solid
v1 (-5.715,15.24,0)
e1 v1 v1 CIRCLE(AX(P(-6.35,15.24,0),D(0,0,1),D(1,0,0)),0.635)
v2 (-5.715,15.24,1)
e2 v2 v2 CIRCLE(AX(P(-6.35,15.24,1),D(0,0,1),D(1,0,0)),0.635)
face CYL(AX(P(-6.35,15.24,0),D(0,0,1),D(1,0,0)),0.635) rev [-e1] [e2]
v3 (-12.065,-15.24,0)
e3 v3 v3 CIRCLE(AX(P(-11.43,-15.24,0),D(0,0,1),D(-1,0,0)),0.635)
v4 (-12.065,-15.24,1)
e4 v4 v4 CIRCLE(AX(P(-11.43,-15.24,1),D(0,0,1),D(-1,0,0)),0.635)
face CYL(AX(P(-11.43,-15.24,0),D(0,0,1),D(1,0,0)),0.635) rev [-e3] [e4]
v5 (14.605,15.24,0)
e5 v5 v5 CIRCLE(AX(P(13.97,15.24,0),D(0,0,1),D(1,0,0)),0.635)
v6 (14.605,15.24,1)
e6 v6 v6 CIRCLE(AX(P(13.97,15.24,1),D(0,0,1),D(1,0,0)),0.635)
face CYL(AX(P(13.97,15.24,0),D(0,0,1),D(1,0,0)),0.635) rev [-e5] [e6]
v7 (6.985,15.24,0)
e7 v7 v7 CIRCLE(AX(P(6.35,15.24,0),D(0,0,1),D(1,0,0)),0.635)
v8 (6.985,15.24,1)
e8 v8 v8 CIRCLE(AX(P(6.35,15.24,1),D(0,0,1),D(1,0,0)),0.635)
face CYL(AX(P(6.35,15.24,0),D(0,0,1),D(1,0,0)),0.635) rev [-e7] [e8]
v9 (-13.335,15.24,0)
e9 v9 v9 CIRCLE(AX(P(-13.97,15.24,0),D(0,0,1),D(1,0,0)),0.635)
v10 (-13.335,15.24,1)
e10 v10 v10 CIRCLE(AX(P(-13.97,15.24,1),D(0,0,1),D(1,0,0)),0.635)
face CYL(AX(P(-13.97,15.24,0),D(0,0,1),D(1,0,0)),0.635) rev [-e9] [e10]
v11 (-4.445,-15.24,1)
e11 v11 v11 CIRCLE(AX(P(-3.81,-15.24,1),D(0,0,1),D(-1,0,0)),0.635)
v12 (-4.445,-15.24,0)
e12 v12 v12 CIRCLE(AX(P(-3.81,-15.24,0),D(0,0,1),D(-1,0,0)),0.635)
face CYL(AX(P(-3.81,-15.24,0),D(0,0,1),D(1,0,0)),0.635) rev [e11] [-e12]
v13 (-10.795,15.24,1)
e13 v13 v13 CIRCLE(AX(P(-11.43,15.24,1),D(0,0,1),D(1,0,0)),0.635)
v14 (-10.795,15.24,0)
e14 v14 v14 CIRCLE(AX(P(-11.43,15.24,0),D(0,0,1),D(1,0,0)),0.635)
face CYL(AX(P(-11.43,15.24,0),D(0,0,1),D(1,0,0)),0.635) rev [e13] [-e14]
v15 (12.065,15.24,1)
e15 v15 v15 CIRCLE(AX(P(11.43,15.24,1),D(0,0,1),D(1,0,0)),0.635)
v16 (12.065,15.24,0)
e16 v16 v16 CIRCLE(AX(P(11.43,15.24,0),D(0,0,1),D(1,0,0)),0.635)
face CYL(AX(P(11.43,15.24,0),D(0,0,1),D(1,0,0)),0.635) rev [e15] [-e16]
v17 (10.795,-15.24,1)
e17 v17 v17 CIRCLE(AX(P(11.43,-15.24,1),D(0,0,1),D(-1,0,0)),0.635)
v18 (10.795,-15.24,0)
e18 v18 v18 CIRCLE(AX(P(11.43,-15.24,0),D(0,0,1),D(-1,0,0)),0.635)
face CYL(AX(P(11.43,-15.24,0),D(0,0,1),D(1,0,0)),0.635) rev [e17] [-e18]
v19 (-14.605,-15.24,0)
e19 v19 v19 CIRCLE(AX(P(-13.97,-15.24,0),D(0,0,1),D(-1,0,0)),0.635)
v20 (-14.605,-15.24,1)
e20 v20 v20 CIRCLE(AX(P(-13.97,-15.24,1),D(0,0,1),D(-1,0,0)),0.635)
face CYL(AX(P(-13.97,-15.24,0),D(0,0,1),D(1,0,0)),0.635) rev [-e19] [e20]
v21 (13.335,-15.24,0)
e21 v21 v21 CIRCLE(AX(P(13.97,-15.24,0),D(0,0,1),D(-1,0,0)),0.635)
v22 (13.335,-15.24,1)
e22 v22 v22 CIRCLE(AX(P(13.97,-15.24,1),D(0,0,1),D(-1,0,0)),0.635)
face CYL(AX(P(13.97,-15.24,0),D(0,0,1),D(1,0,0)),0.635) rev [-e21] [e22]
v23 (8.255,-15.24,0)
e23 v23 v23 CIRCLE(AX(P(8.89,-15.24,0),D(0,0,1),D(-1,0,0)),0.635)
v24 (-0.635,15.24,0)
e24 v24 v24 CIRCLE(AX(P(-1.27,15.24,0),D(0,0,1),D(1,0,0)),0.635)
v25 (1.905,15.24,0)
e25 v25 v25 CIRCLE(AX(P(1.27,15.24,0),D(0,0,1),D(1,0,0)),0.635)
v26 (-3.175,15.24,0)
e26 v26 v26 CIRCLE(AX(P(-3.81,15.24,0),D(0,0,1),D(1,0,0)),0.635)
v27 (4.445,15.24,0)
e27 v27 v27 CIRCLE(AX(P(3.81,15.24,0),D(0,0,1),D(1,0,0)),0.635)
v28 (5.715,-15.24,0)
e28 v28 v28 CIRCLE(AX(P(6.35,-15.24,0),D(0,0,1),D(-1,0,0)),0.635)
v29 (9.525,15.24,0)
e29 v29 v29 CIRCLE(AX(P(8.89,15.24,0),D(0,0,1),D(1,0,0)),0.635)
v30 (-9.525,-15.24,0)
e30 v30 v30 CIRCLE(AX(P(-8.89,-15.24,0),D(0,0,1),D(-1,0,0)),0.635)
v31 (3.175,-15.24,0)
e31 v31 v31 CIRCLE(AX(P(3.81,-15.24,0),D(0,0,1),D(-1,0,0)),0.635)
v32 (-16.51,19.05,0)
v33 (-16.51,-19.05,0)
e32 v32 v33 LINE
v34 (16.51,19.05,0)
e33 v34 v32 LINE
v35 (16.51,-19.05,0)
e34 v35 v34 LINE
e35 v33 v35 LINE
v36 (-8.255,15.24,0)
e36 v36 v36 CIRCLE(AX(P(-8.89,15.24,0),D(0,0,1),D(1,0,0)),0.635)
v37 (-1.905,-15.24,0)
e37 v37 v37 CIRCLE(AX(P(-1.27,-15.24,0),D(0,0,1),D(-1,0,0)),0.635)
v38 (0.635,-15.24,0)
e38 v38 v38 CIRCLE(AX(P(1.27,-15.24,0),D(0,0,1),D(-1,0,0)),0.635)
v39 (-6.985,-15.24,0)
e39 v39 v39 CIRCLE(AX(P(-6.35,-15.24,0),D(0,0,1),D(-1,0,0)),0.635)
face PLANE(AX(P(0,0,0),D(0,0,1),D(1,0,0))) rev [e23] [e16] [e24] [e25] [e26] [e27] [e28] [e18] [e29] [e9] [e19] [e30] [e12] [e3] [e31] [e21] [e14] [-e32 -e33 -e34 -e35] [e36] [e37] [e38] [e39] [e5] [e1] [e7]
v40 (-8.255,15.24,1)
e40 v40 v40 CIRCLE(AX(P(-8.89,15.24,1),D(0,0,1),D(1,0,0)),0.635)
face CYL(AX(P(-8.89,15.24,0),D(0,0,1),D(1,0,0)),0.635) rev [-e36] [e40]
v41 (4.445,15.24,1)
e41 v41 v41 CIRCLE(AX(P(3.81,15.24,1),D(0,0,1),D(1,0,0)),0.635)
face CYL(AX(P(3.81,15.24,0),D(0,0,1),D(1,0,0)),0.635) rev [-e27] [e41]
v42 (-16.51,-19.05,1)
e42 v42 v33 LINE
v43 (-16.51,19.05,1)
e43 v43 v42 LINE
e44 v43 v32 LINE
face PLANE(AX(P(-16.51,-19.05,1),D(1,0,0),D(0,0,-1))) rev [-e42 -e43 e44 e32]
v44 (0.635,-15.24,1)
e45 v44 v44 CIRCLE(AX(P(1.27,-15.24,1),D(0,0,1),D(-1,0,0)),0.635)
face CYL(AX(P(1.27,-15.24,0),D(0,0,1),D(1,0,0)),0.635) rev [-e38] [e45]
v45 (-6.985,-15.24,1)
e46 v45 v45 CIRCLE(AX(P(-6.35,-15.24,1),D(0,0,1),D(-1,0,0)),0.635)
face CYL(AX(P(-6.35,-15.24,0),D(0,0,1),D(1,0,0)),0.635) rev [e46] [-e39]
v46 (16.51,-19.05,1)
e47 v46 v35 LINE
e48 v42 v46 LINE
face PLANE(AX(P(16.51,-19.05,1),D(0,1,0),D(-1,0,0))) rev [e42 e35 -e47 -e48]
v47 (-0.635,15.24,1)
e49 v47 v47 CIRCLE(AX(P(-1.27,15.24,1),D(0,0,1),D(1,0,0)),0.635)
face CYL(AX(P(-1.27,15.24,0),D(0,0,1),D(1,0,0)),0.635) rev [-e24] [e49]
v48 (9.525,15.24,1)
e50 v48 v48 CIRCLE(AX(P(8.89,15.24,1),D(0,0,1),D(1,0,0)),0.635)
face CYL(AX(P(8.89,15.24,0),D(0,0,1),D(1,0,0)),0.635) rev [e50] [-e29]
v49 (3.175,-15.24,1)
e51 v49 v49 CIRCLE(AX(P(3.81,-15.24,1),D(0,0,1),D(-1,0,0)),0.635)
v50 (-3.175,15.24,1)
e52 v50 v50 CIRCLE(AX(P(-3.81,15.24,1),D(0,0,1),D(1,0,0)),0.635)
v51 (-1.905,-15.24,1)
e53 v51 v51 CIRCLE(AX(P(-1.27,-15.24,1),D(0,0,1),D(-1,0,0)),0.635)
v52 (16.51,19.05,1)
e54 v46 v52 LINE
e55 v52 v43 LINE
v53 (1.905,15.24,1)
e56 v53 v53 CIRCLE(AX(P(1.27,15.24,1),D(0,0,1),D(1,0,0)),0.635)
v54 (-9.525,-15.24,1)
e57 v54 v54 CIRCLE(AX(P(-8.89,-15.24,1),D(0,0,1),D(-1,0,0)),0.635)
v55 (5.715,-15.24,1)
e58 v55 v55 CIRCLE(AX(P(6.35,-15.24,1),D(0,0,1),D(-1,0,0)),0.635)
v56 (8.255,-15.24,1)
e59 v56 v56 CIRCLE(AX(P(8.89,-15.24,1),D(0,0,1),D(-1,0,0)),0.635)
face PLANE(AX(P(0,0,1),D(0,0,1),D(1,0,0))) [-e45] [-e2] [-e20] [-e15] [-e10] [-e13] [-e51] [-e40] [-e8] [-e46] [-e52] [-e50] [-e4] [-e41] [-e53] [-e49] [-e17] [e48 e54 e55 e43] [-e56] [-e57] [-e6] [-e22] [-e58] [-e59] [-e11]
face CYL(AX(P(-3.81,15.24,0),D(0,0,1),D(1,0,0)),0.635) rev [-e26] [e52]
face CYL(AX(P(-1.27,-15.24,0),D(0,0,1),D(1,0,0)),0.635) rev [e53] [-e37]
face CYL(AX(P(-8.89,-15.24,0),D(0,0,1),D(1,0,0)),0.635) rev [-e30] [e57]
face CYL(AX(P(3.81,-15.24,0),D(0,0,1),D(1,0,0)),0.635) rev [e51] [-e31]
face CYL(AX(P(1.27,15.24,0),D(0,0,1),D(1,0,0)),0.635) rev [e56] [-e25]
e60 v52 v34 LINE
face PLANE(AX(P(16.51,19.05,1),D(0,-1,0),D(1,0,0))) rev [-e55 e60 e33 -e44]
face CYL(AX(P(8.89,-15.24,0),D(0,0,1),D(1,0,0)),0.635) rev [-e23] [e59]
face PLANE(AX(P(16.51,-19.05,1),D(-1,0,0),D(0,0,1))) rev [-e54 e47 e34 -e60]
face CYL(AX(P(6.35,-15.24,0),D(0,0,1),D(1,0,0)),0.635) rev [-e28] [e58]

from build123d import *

# Parameters (mm, degrees)
CROQUIS1_W              = 33.02
CROQUIS1_H              = 38.1
SALIENTE_EXTRUIR1_DEPTH = 1
CROQUIS2_R              = 0.635
CORTAR_EXTRUIR1_DEPTH   = 26.228606779


with BuildPart() as part:
    # Croquis1 → Saliente-Extruir1 (new body)
    with BuildSketch(Plane.XY):
        Rectangle(CROQUIS1_W, CROQUIS1_H)
    extrude(amount=SALIENTE_EXTRUIR1_DEPTH)

    # Croquis2 → Cortar-Extruir1 (cut, through all)
    with BuildSketch(Plane.XY.offset(1)):
        with Locations((-13.97, 15.24)):
            Circle(CROQUIS2_R)
        with Locations((-11.43, 15.24)):
            Circle(CROQUIS2_R)
        with Locations((-8.89, 15.24)):
            Circle(CROQUIS2_R)
        with Locations((-6.35, 15.24)):
            Circle(CROQUIS2_R)
        with Locations((-3.81, 15.24)):
            Circle(CROQUIS2_R)
        with Locations((-1.27, 15.24)):
            Circle(CROQUIS2_R)
        with Locations((1.27, 15.24)):
            Circle(CROQUIS2_R)
        with Locations((3.81, 15.24)):
            Circle(CROQUIS2_R)
        with Locations((6.35, 15.24)):
            Circle(CROQUIS2_R)
        with Locations((8.89, 15.24)):
            Circle(CROQUIS2_R)
        with Locations((11.43, 15.24)):
            Circle(CROQUIS2_R)
        with Locations((13.97, 15.24)):
            Circle(CROQUIS2_R)
        with Locations(Location((13.97, -15.24, 0), (0, 0, 180))):
            Circle(CROQUIS2_R)
        with Locations(Location((11.43, -15.24, 0), (0, 0, 180))):
            Circle(CROQUIS2_R)
        with Locations(Location((8.89, -15.24, 0), (0, 0, 180))):
            Circle(CROQUIS2_R)
        with Locations(Location((6.35, -15.24, 0), (0, 0, 180))):
            Circle(CROQUIS2_R)
        with Locations(Location((3.81, -15.24, 0), (0, 0, 180))):
            Circle(CROQUIS2_R)
        with Locations(Location((1.27, -15.24, 0), (0, 0, 180))):
            Circle(CROQUIS2_R)
        with Locations(Location((-1.27, -15.24, 0), (0, 0, 180))):
            Circle(CROQUIS2_R)
        with Locations(Location((-3.81, -15.24, 0), (0, 0, 180))):
            Circle(CROQUIS2_R)
        with Locations(Location((-6.35, -15.24, 0), (0, 0, 180))):
            Circle(CROQUIS2_R)
        with Locations(Location((-8.89, -15.24, 0), (0, 0, 180))):
            Circle(CROQUIS2_R)
        with Locations(Location((-11.43, -15.24, 0), (0, 0, 180))):
            Circle(CROQUIS2_R)
        with Locations(Location((-13.97, -15.24, 0), (0, 0, 180))):
            Circle(CROQUIS2_R)
    extrude(amount=-CORTAR_EXTRUIR1_DEPTH, mode=Mode.SUBTRACT)


solid = part.part
